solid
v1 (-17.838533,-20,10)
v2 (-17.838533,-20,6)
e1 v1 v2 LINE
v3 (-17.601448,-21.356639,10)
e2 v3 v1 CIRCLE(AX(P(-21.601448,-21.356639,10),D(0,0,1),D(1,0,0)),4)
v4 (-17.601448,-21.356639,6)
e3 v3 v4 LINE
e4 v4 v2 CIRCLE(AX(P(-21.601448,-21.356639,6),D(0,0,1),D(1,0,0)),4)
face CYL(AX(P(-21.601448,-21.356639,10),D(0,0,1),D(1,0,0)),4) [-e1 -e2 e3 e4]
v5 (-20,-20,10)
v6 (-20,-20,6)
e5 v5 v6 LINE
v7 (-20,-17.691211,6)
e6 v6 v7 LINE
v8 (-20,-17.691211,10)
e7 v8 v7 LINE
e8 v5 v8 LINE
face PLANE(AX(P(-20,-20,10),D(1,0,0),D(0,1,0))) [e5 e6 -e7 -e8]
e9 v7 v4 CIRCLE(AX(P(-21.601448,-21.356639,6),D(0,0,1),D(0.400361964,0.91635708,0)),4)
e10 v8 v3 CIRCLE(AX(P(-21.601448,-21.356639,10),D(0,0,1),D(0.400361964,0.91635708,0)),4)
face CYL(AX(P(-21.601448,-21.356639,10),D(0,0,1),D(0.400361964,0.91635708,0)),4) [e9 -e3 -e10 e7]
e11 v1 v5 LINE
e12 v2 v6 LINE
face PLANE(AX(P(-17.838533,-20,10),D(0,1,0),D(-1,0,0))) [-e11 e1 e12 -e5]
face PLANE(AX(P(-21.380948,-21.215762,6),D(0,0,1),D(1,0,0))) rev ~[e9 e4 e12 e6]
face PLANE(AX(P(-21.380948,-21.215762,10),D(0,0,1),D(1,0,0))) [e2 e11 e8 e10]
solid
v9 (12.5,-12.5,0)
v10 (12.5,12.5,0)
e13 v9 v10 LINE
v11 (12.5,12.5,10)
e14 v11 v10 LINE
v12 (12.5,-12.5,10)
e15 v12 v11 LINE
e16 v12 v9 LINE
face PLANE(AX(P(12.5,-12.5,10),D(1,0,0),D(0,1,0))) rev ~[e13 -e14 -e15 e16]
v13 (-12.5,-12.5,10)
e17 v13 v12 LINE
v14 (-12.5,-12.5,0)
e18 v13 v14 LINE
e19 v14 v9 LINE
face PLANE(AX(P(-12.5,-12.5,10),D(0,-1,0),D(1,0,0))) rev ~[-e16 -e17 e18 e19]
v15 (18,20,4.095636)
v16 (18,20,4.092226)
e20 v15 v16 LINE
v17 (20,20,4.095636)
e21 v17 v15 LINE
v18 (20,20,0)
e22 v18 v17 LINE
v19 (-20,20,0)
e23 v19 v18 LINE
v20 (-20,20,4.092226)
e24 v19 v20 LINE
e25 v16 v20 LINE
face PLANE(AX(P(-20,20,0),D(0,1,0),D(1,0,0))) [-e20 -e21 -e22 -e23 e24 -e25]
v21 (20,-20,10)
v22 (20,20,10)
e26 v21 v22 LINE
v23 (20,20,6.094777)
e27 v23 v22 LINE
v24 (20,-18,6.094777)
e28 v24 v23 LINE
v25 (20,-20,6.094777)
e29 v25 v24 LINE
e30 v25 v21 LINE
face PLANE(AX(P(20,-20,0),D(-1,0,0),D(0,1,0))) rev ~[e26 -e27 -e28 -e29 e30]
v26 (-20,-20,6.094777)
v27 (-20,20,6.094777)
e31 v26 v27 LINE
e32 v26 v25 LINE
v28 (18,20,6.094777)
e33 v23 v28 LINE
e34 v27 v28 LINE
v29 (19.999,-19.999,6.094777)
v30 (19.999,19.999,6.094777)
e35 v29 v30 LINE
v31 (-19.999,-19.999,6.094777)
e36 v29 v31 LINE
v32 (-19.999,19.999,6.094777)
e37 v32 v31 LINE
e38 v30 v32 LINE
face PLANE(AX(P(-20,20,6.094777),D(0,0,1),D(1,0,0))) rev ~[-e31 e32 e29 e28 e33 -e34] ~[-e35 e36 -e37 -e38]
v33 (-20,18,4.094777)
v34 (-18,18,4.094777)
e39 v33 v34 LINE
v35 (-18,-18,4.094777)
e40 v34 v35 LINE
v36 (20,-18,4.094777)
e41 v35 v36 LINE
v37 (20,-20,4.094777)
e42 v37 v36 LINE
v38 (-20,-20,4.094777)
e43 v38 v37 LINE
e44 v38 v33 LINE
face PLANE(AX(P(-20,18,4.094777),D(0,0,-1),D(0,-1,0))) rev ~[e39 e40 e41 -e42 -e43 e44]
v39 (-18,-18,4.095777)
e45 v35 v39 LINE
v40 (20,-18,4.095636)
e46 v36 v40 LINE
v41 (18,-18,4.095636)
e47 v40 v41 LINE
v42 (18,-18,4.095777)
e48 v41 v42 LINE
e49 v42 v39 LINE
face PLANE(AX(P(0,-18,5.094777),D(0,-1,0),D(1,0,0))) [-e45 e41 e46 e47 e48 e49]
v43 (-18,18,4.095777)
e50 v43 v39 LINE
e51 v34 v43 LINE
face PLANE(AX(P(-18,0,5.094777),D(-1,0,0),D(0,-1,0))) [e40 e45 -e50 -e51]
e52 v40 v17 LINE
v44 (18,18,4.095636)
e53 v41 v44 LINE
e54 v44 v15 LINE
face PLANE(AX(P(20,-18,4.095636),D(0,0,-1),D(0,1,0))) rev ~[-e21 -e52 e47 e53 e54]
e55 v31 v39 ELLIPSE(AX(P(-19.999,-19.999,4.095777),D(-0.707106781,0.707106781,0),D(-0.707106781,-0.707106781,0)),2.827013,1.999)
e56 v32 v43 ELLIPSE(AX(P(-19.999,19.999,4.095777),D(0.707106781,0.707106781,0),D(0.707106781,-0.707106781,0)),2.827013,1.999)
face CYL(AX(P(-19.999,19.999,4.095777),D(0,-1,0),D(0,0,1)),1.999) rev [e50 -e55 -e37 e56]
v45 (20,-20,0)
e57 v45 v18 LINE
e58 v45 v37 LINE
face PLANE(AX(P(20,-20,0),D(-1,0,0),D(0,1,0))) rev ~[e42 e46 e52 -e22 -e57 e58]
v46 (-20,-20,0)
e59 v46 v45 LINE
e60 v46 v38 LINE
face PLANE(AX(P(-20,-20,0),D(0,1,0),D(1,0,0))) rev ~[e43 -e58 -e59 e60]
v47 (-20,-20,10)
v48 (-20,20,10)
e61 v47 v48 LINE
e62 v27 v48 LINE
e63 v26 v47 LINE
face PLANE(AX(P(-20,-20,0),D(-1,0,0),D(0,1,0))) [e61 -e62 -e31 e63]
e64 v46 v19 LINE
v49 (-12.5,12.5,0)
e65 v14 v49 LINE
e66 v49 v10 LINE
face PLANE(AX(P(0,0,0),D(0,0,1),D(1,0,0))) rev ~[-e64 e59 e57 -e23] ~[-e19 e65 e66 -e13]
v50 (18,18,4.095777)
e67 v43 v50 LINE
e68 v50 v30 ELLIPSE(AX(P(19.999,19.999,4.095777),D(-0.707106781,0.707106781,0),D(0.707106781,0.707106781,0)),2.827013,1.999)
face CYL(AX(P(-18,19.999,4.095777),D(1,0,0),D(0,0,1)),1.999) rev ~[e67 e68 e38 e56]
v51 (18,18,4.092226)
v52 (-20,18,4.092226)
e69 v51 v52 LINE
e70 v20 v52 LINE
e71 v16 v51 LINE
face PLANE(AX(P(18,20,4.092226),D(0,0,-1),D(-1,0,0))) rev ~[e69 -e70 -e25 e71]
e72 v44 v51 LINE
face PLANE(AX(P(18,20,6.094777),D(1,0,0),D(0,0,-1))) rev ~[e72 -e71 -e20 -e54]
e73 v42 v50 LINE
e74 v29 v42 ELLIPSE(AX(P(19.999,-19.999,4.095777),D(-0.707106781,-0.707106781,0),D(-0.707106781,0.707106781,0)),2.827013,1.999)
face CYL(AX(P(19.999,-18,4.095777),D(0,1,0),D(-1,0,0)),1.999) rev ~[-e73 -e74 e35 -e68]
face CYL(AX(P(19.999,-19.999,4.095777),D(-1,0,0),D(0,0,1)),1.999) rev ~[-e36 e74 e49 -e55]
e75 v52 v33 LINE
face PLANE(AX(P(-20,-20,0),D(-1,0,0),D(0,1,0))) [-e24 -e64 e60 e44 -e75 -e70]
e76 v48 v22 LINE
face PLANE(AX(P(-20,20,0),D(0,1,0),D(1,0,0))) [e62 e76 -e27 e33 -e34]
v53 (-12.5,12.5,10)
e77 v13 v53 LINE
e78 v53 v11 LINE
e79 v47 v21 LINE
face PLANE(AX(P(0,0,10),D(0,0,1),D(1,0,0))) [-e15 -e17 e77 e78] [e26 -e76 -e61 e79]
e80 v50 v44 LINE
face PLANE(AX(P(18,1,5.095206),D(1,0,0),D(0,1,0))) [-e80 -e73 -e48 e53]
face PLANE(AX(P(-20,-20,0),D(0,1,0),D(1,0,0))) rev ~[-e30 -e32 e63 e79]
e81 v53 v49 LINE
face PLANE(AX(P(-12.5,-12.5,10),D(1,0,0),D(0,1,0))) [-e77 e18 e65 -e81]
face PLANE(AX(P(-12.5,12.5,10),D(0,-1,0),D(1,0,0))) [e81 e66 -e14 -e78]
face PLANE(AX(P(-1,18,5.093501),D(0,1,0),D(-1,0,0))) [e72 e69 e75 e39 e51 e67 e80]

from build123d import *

# Parameters (mm, degrees)
F0_W      = 40
F0_H      = 40
F1_DEPTH  = 10
F2_W      = 25
F2_H      = 25
F3_DEPTH  = 10
F4_W      = 40
F4_H      = 2
F5_DEPTH  = 2
F6_W      = 38
F6_H      = 1.9991408549
F7_DEPTH  = 2
F9_DEPTH  = 2
F10_W     = 36
F10_H     = 2
F11_DEPTH = 2
F12_R     = 1.999
F13_R     = 1.999
F16_DEPTH = 4


with BuildPart() as f1:
    # F0 (on Top) → F1 (new body)
    with BuildSketch(Plane.XY):
        Rectangle(F0_W, F0_H)
    extrude(amount=F1_DEPTH)

    # F2 (on face) → F3 (cut)
    with BuildSketch(Plane.XY.offset(10)):
        Rectangle(F2_W, F2_H)
    extrude(amount=-F3_DEPTH, mode=Mode.SUBTRACT)

    # F4 (on face) → F5 (cut)
    with BuildSketch(Plane.XZ.offset(20)):
        with Locations((0, 5.0947766975)):
            Rectangle(F4_W, F4_H)
    extrude(amount=-F5_DEPTH, mode=Mode.SUBTRACT)

    # F6 (on face) → F7 (cut)
    with BuildSketch(Plane.YZ.offset(20)):
        with Locations((1, 5.09520627)):
            Rectangle(F6_W, F6_H)
    extrude(amount=-F7_DEPTH, mode=Mode.SUBTRACT)

    # F8 (on face) → F9 (cut)
    with BuildSketch(Plane(origin=(0, 20, 0), x_dir=(-1, 0, 0), z_dir=(0, 1, 0))):
        Polygon((20, 6.0947766975), (-18, 6.0947766975), (-18, 4.0956358425), (-18, 4.0922258049), (20, 4.0922258049), align=None)
    extrude(amount=-F9_DEPTH, mode=Mode.SUBTRACT)

    # F10 (on face) → F11 (cut)
    with BuildSketch(Plane(origin=(-20, 0, 0), x_dir=(0, -1, 0), z_dir=(-1, 0, 0))):
        with Locations((0, 5.0947766975)):
            Rectangle(F10_W, F10_H)
    extrude(amount=-F11_DEPTH, mode=Mode.SUBTRACT)

    # F12
    f12_edges = [f1.edges().sort_by_distance(p)[0] for p in [
        (18, 0, 6.094777),
        (0, 18, 6.094777),
    ]]
    fillet(f12_edges, radius=F12_R)

    # F13
    f13_edges = [f1.edges().sort_by_distance(p)[0] for p in [
        (0, -18, 6.094777),
        (-18, 0, 6.094777),
    ]]
    fillet(f13_edges, radius=F13_R)


with BuildPart() as f16:
    # F15 (on face) → F16 (new body)
    with BuildSketch(Plane.XY.offset(10)):
        with BuildLine():
            ThreePointArc((-20, -17.6912108758), (-24.9485205647, -23.5468684721), (-17.6014478566, -21.3566391949))
            ThreePointArc((-17.6014478566, -21.3566391949), (-17.6611648449, -20.6680393198), (-17.8385327506, -20))
            Line((-17.8385327506, -20), (-20, -20))
            Line((-20, -20), (-20, -17.6912108758))
        make_face()
    extrude(amount=-F16_DEPTH)


solid = Compound([f1.part, f16.part])
